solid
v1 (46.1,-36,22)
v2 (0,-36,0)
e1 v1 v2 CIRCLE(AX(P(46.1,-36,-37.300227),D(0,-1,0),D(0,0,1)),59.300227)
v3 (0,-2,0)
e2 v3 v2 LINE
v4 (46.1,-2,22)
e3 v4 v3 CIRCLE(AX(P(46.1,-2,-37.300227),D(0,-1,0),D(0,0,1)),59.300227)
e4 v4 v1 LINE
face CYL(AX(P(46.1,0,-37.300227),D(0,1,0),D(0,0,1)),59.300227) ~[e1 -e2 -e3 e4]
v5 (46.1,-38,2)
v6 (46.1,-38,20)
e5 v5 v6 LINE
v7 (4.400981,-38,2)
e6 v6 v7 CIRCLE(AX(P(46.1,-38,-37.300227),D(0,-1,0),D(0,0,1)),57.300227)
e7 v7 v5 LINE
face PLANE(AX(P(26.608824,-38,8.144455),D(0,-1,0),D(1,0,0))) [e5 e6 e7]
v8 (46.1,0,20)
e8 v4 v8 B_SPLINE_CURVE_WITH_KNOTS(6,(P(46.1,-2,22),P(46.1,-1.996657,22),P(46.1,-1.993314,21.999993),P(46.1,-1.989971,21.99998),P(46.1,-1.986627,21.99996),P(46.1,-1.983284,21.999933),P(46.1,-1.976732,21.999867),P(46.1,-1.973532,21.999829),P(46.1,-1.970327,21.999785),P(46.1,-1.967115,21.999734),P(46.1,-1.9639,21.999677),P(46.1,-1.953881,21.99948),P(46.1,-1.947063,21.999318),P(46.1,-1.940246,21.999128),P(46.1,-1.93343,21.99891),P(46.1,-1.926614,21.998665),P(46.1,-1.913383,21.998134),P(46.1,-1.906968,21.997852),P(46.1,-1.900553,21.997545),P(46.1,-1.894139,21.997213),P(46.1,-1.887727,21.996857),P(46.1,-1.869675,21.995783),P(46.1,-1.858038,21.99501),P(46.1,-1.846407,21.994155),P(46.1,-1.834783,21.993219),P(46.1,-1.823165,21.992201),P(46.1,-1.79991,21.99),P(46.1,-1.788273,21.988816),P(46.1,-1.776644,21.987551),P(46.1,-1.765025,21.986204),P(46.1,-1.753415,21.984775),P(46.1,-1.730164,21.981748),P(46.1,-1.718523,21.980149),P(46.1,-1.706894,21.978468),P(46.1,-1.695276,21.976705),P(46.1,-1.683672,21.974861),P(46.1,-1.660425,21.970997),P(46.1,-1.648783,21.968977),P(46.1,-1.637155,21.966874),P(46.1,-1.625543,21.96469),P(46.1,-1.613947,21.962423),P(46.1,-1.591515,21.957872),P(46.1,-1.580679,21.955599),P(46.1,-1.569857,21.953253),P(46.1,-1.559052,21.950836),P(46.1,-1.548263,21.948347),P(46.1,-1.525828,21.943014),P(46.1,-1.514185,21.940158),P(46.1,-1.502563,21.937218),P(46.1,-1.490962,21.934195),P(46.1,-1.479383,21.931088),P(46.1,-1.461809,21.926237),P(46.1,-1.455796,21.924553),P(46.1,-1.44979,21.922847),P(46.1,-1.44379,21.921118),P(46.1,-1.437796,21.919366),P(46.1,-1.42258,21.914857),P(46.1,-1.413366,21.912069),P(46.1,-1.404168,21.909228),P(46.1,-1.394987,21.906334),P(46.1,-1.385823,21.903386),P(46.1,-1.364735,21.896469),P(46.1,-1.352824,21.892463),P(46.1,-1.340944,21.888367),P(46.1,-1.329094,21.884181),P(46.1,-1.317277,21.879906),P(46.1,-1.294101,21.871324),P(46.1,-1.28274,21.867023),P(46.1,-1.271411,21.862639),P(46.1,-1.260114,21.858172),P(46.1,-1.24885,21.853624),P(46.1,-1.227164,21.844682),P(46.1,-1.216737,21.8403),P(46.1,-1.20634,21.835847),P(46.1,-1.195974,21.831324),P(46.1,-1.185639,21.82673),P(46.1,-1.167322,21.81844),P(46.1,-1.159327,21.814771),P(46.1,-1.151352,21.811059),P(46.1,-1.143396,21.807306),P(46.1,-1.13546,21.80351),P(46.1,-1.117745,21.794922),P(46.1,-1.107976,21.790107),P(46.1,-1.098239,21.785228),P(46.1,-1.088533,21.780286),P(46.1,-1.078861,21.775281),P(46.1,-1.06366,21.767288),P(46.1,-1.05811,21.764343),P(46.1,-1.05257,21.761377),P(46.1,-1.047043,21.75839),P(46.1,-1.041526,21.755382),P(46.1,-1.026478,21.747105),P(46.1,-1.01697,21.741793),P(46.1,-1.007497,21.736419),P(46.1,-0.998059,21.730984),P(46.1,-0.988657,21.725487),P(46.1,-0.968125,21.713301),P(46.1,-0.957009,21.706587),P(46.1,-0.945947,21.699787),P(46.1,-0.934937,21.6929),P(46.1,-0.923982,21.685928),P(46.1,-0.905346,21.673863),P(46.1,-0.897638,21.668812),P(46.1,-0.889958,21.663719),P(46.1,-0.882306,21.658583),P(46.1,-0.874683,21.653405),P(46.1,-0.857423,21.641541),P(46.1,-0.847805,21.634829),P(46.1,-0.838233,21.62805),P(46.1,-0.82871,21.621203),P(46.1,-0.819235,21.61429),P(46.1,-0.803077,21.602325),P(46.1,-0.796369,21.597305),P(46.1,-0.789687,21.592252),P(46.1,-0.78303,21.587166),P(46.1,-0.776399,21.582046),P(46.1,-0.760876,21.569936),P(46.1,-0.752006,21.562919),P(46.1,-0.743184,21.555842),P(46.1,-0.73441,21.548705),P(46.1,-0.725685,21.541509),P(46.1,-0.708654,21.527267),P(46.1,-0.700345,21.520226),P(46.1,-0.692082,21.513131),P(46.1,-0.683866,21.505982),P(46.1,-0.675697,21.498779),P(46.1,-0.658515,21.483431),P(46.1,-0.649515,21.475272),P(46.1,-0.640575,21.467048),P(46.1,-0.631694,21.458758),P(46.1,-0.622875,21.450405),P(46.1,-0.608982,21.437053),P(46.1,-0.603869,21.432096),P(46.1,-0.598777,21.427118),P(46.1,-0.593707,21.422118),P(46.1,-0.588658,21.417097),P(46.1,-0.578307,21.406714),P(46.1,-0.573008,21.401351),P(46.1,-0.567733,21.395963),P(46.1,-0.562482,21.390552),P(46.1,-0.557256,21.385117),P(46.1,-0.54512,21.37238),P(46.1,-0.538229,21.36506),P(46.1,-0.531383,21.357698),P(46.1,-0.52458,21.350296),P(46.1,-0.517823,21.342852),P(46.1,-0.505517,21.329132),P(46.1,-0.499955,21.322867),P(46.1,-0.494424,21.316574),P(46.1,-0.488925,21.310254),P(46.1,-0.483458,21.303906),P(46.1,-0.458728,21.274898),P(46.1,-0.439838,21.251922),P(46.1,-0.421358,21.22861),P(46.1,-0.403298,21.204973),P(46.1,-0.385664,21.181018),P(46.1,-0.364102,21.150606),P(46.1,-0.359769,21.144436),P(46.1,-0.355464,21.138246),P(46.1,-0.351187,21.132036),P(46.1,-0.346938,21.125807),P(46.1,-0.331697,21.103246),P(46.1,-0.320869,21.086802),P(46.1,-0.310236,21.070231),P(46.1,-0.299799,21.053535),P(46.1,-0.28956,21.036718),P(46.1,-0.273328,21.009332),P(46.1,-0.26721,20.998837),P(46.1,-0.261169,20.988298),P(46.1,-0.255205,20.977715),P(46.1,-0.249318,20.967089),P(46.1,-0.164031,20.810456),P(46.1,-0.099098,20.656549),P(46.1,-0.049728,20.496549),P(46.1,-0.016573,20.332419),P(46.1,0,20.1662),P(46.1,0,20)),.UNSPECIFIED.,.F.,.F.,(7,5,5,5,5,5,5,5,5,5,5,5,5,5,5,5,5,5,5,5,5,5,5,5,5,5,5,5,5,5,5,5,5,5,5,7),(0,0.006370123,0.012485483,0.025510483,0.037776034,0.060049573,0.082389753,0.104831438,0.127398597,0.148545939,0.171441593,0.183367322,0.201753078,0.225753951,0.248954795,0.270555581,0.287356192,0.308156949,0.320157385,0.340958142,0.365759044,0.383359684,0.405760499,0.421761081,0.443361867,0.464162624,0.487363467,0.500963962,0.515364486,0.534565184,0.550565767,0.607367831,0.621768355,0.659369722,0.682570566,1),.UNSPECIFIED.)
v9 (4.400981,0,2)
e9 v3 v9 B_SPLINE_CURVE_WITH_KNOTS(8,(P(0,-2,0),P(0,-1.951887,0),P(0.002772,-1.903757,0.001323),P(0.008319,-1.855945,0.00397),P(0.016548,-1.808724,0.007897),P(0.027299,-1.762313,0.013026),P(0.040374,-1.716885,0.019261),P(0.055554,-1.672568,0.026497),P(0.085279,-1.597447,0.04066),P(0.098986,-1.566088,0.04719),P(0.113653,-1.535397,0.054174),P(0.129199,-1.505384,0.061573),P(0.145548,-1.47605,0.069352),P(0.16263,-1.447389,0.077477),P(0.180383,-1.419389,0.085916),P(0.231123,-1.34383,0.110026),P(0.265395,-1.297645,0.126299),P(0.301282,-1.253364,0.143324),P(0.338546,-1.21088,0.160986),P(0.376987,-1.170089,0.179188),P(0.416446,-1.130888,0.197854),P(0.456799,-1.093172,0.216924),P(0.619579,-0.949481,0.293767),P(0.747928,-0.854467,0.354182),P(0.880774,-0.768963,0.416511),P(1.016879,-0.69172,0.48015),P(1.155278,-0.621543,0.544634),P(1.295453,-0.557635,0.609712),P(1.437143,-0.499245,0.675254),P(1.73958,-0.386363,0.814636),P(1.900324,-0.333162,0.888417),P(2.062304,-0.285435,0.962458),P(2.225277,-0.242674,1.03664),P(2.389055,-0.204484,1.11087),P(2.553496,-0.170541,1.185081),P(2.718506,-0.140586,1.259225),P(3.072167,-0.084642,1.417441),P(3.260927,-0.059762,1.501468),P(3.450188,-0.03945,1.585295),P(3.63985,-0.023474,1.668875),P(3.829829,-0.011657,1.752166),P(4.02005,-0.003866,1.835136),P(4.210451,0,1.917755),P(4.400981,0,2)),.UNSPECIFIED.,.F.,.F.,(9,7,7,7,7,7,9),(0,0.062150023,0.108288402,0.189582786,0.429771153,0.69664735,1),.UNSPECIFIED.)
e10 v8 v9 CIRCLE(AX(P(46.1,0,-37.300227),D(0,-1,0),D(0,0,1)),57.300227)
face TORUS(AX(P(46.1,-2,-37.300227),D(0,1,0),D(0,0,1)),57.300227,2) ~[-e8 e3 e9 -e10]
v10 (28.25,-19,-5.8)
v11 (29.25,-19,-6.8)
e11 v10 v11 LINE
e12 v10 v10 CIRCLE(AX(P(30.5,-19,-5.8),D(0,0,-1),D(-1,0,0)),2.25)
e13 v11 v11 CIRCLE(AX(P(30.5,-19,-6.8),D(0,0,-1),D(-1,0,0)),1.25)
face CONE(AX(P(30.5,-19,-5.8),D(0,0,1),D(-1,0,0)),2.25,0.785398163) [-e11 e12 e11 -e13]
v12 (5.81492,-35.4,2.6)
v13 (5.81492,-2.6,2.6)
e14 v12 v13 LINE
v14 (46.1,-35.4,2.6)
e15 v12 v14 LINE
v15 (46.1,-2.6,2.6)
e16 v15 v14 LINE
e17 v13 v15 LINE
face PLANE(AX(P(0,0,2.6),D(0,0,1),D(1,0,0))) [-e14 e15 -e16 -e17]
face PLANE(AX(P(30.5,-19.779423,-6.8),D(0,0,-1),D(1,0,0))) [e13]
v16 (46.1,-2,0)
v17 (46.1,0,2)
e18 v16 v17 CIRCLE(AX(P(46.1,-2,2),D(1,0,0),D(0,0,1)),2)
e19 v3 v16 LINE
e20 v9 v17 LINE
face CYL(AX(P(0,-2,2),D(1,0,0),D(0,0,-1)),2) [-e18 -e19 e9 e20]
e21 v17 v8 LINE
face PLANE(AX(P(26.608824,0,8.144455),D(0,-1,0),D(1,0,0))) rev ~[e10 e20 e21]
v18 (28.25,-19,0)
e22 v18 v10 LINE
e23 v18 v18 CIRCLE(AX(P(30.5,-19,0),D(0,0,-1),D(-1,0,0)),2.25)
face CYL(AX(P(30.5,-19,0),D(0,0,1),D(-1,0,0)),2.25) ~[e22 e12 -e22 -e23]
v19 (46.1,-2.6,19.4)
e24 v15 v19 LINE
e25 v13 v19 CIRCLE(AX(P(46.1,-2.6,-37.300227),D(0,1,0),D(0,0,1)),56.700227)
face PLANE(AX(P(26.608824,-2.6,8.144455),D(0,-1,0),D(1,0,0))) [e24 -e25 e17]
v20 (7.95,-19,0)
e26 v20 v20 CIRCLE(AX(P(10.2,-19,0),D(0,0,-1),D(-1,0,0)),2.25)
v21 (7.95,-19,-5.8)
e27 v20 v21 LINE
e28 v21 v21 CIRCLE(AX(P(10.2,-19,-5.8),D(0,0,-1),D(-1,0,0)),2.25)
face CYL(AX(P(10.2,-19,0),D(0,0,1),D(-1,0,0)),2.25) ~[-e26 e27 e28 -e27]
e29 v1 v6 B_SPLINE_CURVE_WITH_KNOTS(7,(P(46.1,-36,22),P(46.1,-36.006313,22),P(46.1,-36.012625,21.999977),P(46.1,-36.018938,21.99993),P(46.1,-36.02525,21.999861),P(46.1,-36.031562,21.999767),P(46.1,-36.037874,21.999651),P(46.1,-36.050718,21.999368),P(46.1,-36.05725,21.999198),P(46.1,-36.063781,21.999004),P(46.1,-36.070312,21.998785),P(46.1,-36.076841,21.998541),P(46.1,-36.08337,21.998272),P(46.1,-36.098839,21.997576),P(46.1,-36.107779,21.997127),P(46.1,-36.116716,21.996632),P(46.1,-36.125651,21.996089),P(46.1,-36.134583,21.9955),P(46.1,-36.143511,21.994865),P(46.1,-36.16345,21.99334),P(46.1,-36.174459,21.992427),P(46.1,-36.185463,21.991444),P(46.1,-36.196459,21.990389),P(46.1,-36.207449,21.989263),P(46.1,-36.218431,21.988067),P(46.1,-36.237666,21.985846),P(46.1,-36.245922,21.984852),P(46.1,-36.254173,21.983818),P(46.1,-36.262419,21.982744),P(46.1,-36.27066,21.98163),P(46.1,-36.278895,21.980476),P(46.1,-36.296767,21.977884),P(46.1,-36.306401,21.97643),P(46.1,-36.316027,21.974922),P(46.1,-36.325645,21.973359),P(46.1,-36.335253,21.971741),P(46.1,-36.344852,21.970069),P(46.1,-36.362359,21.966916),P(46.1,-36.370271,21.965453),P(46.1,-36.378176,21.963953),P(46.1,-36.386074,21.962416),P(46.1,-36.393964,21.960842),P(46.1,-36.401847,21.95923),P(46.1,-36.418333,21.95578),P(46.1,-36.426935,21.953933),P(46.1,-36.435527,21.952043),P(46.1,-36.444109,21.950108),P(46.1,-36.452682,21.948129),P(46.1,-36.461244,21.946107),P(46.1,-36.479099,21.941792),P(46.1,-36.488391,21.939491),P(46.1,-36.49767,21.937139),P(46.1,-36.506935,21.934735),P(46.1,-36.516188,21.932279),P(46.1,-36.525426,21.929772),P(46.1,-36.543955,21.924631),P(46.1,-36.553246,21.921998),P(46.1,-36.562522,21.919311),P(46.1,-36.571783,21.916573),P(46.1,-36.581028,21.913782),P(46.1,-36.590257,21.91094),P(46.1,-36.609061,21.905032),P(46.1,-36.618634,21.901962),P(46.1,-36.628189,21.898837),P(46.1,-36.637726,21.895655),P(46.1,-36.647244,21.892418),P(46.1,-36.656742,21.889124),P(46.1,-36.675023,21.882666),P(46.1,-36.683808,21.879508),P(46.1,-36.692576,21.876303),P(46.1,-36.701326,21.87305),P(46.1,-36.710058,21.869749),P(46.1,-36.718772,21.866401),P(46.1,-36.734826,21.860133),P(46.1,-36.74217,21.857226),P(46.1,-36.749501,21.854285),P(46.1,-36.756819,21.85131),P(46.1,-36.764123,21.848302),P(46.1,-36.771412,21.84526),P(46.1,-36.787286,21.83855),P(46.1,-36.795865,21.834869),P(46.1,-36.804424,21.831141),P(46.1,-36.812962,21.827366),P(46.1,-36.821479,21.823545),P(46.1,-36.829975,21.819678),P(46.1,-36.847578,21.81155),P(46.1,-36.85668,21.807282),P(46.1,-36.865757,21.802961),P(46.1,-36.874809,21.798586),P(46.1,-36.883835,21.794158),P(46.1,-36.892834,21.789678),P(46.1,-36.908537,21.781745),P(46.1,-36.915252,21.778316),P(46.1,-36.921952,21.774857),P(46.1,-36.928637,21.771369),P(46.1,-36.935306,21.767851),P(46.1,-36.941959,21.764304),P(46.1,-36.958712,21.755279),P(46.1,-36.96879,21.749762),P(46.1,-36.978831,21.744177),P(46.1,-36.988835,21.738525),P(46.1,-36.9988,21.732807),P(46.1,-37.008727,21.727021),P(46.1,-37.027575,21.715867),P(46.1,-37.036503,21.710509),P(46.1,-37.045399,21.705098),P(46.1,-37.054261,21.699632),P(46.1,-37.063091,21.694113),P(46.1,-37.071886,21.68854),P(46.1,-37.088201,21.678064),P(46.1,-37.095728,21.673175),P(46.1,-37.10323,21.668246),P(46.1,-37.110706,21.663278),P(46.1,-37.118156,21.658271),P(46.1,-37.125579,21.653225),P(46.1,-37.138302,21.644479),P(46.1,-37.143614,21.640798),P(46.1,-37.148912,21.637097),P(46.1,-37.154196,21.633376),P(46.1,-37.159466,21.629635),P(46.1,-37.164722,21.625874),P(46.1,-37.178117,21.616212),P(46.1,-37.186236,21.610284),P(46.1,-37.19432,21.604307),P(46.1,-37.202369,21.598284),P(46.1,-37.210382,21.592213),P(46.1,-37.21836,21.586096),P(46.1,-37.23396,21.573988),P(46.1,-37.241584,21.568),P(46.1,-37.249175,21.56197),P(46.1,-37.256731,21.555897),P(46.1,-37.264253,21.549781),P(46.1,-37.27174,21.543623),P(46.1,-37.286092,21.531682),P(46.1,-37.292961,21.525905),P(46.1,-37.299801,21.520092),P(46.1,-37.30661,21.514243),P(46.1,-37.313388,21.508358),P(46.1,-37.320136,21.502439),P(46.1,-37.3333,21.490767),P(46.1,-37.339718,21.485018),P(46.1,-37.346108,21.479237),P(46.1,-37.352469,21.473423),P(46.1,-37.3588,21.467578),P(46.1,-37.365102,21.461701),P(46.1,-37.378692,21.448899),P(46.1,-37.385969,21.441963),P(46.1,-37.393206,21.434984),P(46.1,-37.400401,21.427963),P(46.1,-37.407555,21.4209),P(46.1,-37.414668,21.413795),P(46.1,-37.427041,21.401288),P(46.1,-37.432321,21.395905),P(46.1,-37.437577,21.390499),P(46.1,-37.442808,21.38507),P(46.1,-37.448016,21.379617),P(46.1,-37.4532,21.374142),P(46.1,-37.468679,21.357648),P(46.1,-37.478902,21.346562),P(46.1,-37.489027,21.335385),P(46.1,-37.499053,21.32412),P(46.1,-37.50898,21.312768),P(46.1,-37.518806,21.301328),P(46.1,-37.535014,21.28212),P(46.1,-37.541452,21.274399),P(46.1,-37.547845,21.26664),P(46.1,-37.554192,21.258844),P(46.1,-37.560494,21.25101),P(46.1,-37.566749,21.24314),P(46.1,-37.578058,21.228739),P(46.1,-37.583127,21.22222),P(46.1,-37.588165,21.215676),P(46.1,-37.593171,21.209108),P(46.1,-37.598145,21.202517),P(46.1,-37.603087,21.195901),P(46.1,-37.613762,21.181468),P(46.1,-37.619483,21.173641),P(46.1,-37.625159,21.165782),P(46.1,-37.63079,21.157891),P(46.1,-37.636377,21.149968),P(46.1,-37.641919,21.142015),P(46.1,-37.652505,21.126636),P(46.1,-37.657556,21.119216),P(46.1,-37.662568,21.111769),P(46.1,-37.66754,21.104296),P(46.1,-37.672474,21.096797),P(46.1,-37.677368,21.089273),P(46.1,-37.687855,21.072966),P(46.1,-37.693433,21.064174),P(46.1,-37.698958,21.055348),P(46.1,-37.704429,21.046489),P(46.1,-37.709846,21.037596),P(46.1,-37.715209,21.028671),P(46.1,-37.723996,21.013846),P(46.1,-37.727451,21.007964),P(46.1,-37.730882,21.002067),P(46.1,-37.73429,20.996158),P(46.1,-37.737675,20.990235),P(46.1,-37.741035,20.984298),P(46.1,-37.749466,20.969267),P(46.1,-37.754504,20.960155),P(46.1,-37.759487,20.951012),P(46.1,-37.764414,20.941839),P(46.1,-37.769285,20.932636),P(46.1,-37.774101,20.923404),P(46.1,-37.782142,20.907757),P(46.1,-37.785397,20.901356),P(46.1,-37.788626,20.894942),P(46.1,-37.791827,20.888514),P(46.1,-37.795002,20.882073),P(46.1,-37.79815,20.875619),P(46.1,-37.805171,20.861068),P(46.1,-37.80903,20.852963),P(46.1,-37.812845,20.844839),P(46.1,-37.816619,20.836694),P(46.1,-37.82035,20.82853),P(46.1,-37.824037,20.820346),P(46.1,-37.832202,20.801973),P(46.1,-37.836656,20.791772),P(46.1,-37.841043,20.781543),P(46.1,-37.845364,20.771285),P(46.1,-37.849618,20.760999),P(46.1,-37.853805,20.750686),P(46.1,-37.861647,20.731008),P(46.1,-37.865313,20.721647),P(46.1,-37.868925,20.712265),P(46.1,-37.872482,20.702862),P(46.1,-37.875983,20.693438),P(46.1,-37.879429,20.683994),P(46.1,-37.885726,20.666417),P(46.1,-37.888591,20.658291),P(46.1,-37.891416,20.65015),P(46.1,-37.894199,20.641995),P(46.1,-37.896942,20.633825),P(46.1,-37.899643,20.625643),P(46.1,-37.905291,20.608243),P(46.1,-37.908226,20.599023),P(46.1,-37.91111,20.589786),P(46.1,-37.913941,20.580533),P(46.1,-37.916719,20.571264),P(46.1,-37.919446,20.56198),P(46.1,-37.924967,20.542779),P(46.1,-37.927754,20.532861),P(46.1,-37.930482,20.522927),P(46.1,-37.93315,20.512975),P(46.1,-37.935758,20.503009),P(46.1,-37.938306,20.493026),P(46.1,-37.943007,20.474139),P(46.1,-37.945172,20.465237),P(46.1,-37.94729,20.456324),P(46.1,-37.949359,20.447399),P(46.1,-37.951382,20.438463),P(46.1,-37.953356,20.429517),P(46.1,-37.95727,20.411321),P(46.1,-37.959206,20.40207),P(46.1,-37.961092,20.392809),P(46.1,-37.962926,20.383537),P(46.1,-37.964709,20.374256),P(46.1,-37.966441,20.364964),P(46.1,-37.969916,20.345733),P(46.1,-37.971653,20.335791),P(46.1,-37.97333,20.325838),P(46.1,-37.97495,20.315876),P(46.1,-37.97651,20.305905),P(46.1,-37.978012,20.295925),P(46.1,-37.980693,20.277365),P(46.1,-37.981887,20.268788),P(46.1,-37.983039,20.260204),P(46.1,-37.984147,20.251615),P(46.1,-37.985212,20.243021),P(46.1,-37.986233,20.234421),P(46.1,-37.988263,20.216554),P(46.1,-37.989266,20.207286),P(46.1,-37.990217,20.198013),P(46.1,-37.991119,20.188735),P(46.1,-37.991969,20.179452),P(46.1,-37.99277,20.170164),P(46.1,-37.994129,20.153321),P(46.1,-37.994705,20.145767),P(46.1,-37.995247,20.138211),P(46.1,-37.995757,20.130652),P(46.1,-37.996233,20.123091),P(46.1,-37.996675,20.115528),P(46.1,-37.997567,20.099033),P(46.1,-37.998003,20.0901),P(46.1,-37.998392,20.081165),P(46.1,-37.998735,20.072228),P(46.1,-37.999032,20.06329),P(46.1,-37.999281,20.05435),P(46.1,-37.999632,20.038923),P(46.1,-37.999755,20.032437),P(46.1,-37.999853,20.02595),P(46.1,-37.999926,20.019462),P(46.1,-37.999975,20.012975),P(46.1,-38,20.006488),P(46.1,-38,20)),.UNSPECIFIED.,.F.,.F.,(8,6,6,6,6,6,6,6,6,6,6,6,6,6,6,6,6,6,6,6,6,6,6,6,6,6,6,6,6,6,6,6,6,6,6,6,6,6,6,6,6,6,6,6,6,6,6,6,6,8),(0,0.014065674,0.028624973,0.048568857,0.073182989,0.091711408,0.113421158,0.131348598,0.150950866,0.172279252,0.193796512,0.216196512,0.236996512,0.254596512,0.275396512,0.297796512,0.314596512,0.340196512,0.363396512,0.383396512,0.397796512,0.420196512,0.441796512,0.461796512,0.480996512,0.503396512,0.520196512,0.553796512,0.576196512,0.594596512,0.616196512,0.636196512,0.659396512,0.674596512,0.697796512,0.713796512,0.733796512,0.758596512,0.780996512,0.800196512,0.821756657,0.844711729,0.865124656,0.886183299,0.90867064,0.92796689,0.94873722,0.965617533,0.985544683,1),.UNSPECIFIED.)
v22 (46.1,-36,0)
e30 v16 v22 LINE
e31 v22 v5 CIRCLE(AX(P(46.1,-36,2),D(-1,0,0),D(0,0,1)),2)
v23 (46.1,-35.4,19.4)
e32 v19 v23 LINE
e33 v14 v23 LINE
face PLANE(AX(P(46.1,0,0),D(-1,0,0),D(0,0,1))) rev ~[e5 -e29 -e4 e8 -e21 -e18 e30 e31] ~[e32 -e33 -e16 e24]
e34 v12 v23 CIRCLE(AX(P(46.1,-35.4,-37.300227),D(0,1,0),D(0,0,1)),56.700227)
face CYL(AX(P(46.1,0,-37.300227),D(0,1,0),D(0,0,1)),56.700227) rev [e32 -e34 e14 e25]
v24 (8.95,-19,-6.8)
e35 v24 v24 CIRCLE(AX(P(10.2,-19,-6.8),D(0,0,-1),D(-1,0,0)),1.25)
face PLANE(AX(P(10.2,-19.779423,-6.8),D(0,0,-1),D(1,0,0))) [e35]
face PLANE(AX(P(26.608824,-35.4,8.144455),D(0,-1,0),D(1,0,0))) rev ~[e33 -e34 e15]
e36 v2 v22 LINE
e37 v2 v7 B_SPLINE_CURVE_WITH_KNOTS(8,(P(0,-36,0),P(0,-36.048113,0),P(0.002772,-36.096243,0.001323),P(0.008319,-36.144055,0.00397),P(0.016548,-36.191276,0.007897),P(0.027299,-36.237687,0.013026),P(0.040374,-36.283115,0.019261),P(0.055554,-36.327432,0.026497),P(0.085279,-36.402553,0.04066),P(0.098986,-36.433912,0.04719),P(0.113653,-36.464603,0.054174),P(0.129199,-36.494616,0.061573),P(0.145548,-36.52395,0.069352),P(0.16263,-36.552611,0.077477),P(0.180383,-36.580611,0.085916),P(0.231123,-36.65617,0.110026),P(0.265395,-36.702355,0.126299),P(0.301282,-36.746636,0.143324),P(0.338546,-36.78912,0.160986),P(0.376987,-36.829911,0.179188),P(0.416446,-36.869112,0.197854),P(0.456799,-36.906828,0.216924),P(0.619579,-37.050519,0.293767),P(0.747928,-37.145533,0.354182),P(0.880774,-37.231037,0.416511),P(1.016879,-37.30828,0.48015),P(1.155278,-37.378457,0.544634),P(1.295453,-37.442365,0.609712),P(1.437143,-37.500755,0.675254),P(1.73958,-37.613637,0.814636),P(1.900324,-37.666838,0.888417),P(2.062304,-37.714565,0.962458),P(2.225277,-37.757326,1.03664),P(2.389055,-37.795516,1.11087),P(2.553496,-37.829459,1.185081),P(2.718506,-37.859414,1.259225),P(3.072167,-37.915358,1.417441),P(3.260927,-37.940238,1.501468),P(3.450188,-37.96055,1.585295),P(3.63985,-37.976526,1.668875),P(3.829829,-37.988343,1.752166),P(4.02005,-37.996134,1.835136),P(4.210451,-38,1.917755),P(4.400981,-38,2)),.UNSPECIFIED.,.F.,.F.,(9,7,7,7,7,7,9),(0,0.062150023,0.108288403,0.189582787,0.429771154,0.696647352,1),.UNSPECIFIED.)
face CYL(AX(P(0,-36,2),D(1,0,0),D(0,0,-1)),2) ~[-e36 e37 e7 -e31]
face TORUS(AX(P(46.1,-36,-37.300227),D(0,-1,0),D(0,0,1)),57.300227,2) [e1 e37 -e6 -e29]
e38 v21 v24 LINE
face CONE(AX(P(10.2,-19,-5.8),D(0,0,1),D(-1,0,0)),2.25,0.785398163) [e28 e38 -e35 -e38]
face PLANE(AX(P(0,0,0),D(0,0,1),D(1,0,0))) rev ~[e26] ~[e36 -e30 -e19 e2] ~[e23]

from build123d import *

# Parameters (mm, degrees)
F1_DEPTH = 38
F2_T     = -2.6
F3_R     = 2
F5_DEPTH = 6.8
F6_SIZE  = 1


with BuildPart() as f1:
    # F0 (on Front) → F1 (new body)
    with BuildSketch(Plane.XZ):
        with BuildLine():
            ThreePointArc((46.1, 22), (20.5597866101, 16.218128967), (0, 0))
            Line((0, 0), (46.1, 0))
            Line((46.1, 0), (46.1, 22))
        make_face()
    extrude(amount=F1_DEPTH)

    # F2
    f2_openings = [f1.faces().sort_by_distance(p)[0] for p in [
        (46.1, -19, 11),
    ]]
    offset(amount=F2_T, openings=f2_openings)

    # F3
    f3_edges = [f1.edges().sort_by_distance(p)[0] for p in [
        (20.559787, -38, 16.218129),
        (20.559787, 0, 16.218129),
        (23.05, 0, 0),
        (23.05, -38, 0),
    ]]
    fillet(f3_edges, radius=F3_R)

    # F4 (on face) → F5 (join)
    with BuildSketch(Plane(origin=(0, 0, 0), x_dir=(1, 0, 0), z_dir=(0, 0, -1))):
        with BuildLine():
            Line((7.95, 19), (12.45, 19))
            ThreePointArc((12.45, 19), (10.2, 21.25), (7.95, 19))
        make_face()
        with BuildLine():
            ThreePointArc((7.95, 19), (10.2, 16.75), (12.45, 19))
            Line((12.45, 19), (7.95, 19))
        make_face()
        with BuildLine():
            ThreePointArc((32.75, 19), (30.5, 21.25), (28.25, 19))
            Line((28.25, 19), (32.75, 19))
        make_face()
        with BuildLine():
            Line((32.75, 19), (28.25, 19))
            ThreePointArc((28.25, 19), (30.5, 16.75), (32.75, 19))
        make_face()
    extrude(amount=F5_DEPTH)

    # F6
    f6_edges = [f1.edges().sort_by_distance(p)[0] for p in [
        (12.45, -19, -6.8),
        (32.75, -19, -6.8),
    ]]
    chamfer(f6_edges, length=F6_SIZE)


solid = f1.part
